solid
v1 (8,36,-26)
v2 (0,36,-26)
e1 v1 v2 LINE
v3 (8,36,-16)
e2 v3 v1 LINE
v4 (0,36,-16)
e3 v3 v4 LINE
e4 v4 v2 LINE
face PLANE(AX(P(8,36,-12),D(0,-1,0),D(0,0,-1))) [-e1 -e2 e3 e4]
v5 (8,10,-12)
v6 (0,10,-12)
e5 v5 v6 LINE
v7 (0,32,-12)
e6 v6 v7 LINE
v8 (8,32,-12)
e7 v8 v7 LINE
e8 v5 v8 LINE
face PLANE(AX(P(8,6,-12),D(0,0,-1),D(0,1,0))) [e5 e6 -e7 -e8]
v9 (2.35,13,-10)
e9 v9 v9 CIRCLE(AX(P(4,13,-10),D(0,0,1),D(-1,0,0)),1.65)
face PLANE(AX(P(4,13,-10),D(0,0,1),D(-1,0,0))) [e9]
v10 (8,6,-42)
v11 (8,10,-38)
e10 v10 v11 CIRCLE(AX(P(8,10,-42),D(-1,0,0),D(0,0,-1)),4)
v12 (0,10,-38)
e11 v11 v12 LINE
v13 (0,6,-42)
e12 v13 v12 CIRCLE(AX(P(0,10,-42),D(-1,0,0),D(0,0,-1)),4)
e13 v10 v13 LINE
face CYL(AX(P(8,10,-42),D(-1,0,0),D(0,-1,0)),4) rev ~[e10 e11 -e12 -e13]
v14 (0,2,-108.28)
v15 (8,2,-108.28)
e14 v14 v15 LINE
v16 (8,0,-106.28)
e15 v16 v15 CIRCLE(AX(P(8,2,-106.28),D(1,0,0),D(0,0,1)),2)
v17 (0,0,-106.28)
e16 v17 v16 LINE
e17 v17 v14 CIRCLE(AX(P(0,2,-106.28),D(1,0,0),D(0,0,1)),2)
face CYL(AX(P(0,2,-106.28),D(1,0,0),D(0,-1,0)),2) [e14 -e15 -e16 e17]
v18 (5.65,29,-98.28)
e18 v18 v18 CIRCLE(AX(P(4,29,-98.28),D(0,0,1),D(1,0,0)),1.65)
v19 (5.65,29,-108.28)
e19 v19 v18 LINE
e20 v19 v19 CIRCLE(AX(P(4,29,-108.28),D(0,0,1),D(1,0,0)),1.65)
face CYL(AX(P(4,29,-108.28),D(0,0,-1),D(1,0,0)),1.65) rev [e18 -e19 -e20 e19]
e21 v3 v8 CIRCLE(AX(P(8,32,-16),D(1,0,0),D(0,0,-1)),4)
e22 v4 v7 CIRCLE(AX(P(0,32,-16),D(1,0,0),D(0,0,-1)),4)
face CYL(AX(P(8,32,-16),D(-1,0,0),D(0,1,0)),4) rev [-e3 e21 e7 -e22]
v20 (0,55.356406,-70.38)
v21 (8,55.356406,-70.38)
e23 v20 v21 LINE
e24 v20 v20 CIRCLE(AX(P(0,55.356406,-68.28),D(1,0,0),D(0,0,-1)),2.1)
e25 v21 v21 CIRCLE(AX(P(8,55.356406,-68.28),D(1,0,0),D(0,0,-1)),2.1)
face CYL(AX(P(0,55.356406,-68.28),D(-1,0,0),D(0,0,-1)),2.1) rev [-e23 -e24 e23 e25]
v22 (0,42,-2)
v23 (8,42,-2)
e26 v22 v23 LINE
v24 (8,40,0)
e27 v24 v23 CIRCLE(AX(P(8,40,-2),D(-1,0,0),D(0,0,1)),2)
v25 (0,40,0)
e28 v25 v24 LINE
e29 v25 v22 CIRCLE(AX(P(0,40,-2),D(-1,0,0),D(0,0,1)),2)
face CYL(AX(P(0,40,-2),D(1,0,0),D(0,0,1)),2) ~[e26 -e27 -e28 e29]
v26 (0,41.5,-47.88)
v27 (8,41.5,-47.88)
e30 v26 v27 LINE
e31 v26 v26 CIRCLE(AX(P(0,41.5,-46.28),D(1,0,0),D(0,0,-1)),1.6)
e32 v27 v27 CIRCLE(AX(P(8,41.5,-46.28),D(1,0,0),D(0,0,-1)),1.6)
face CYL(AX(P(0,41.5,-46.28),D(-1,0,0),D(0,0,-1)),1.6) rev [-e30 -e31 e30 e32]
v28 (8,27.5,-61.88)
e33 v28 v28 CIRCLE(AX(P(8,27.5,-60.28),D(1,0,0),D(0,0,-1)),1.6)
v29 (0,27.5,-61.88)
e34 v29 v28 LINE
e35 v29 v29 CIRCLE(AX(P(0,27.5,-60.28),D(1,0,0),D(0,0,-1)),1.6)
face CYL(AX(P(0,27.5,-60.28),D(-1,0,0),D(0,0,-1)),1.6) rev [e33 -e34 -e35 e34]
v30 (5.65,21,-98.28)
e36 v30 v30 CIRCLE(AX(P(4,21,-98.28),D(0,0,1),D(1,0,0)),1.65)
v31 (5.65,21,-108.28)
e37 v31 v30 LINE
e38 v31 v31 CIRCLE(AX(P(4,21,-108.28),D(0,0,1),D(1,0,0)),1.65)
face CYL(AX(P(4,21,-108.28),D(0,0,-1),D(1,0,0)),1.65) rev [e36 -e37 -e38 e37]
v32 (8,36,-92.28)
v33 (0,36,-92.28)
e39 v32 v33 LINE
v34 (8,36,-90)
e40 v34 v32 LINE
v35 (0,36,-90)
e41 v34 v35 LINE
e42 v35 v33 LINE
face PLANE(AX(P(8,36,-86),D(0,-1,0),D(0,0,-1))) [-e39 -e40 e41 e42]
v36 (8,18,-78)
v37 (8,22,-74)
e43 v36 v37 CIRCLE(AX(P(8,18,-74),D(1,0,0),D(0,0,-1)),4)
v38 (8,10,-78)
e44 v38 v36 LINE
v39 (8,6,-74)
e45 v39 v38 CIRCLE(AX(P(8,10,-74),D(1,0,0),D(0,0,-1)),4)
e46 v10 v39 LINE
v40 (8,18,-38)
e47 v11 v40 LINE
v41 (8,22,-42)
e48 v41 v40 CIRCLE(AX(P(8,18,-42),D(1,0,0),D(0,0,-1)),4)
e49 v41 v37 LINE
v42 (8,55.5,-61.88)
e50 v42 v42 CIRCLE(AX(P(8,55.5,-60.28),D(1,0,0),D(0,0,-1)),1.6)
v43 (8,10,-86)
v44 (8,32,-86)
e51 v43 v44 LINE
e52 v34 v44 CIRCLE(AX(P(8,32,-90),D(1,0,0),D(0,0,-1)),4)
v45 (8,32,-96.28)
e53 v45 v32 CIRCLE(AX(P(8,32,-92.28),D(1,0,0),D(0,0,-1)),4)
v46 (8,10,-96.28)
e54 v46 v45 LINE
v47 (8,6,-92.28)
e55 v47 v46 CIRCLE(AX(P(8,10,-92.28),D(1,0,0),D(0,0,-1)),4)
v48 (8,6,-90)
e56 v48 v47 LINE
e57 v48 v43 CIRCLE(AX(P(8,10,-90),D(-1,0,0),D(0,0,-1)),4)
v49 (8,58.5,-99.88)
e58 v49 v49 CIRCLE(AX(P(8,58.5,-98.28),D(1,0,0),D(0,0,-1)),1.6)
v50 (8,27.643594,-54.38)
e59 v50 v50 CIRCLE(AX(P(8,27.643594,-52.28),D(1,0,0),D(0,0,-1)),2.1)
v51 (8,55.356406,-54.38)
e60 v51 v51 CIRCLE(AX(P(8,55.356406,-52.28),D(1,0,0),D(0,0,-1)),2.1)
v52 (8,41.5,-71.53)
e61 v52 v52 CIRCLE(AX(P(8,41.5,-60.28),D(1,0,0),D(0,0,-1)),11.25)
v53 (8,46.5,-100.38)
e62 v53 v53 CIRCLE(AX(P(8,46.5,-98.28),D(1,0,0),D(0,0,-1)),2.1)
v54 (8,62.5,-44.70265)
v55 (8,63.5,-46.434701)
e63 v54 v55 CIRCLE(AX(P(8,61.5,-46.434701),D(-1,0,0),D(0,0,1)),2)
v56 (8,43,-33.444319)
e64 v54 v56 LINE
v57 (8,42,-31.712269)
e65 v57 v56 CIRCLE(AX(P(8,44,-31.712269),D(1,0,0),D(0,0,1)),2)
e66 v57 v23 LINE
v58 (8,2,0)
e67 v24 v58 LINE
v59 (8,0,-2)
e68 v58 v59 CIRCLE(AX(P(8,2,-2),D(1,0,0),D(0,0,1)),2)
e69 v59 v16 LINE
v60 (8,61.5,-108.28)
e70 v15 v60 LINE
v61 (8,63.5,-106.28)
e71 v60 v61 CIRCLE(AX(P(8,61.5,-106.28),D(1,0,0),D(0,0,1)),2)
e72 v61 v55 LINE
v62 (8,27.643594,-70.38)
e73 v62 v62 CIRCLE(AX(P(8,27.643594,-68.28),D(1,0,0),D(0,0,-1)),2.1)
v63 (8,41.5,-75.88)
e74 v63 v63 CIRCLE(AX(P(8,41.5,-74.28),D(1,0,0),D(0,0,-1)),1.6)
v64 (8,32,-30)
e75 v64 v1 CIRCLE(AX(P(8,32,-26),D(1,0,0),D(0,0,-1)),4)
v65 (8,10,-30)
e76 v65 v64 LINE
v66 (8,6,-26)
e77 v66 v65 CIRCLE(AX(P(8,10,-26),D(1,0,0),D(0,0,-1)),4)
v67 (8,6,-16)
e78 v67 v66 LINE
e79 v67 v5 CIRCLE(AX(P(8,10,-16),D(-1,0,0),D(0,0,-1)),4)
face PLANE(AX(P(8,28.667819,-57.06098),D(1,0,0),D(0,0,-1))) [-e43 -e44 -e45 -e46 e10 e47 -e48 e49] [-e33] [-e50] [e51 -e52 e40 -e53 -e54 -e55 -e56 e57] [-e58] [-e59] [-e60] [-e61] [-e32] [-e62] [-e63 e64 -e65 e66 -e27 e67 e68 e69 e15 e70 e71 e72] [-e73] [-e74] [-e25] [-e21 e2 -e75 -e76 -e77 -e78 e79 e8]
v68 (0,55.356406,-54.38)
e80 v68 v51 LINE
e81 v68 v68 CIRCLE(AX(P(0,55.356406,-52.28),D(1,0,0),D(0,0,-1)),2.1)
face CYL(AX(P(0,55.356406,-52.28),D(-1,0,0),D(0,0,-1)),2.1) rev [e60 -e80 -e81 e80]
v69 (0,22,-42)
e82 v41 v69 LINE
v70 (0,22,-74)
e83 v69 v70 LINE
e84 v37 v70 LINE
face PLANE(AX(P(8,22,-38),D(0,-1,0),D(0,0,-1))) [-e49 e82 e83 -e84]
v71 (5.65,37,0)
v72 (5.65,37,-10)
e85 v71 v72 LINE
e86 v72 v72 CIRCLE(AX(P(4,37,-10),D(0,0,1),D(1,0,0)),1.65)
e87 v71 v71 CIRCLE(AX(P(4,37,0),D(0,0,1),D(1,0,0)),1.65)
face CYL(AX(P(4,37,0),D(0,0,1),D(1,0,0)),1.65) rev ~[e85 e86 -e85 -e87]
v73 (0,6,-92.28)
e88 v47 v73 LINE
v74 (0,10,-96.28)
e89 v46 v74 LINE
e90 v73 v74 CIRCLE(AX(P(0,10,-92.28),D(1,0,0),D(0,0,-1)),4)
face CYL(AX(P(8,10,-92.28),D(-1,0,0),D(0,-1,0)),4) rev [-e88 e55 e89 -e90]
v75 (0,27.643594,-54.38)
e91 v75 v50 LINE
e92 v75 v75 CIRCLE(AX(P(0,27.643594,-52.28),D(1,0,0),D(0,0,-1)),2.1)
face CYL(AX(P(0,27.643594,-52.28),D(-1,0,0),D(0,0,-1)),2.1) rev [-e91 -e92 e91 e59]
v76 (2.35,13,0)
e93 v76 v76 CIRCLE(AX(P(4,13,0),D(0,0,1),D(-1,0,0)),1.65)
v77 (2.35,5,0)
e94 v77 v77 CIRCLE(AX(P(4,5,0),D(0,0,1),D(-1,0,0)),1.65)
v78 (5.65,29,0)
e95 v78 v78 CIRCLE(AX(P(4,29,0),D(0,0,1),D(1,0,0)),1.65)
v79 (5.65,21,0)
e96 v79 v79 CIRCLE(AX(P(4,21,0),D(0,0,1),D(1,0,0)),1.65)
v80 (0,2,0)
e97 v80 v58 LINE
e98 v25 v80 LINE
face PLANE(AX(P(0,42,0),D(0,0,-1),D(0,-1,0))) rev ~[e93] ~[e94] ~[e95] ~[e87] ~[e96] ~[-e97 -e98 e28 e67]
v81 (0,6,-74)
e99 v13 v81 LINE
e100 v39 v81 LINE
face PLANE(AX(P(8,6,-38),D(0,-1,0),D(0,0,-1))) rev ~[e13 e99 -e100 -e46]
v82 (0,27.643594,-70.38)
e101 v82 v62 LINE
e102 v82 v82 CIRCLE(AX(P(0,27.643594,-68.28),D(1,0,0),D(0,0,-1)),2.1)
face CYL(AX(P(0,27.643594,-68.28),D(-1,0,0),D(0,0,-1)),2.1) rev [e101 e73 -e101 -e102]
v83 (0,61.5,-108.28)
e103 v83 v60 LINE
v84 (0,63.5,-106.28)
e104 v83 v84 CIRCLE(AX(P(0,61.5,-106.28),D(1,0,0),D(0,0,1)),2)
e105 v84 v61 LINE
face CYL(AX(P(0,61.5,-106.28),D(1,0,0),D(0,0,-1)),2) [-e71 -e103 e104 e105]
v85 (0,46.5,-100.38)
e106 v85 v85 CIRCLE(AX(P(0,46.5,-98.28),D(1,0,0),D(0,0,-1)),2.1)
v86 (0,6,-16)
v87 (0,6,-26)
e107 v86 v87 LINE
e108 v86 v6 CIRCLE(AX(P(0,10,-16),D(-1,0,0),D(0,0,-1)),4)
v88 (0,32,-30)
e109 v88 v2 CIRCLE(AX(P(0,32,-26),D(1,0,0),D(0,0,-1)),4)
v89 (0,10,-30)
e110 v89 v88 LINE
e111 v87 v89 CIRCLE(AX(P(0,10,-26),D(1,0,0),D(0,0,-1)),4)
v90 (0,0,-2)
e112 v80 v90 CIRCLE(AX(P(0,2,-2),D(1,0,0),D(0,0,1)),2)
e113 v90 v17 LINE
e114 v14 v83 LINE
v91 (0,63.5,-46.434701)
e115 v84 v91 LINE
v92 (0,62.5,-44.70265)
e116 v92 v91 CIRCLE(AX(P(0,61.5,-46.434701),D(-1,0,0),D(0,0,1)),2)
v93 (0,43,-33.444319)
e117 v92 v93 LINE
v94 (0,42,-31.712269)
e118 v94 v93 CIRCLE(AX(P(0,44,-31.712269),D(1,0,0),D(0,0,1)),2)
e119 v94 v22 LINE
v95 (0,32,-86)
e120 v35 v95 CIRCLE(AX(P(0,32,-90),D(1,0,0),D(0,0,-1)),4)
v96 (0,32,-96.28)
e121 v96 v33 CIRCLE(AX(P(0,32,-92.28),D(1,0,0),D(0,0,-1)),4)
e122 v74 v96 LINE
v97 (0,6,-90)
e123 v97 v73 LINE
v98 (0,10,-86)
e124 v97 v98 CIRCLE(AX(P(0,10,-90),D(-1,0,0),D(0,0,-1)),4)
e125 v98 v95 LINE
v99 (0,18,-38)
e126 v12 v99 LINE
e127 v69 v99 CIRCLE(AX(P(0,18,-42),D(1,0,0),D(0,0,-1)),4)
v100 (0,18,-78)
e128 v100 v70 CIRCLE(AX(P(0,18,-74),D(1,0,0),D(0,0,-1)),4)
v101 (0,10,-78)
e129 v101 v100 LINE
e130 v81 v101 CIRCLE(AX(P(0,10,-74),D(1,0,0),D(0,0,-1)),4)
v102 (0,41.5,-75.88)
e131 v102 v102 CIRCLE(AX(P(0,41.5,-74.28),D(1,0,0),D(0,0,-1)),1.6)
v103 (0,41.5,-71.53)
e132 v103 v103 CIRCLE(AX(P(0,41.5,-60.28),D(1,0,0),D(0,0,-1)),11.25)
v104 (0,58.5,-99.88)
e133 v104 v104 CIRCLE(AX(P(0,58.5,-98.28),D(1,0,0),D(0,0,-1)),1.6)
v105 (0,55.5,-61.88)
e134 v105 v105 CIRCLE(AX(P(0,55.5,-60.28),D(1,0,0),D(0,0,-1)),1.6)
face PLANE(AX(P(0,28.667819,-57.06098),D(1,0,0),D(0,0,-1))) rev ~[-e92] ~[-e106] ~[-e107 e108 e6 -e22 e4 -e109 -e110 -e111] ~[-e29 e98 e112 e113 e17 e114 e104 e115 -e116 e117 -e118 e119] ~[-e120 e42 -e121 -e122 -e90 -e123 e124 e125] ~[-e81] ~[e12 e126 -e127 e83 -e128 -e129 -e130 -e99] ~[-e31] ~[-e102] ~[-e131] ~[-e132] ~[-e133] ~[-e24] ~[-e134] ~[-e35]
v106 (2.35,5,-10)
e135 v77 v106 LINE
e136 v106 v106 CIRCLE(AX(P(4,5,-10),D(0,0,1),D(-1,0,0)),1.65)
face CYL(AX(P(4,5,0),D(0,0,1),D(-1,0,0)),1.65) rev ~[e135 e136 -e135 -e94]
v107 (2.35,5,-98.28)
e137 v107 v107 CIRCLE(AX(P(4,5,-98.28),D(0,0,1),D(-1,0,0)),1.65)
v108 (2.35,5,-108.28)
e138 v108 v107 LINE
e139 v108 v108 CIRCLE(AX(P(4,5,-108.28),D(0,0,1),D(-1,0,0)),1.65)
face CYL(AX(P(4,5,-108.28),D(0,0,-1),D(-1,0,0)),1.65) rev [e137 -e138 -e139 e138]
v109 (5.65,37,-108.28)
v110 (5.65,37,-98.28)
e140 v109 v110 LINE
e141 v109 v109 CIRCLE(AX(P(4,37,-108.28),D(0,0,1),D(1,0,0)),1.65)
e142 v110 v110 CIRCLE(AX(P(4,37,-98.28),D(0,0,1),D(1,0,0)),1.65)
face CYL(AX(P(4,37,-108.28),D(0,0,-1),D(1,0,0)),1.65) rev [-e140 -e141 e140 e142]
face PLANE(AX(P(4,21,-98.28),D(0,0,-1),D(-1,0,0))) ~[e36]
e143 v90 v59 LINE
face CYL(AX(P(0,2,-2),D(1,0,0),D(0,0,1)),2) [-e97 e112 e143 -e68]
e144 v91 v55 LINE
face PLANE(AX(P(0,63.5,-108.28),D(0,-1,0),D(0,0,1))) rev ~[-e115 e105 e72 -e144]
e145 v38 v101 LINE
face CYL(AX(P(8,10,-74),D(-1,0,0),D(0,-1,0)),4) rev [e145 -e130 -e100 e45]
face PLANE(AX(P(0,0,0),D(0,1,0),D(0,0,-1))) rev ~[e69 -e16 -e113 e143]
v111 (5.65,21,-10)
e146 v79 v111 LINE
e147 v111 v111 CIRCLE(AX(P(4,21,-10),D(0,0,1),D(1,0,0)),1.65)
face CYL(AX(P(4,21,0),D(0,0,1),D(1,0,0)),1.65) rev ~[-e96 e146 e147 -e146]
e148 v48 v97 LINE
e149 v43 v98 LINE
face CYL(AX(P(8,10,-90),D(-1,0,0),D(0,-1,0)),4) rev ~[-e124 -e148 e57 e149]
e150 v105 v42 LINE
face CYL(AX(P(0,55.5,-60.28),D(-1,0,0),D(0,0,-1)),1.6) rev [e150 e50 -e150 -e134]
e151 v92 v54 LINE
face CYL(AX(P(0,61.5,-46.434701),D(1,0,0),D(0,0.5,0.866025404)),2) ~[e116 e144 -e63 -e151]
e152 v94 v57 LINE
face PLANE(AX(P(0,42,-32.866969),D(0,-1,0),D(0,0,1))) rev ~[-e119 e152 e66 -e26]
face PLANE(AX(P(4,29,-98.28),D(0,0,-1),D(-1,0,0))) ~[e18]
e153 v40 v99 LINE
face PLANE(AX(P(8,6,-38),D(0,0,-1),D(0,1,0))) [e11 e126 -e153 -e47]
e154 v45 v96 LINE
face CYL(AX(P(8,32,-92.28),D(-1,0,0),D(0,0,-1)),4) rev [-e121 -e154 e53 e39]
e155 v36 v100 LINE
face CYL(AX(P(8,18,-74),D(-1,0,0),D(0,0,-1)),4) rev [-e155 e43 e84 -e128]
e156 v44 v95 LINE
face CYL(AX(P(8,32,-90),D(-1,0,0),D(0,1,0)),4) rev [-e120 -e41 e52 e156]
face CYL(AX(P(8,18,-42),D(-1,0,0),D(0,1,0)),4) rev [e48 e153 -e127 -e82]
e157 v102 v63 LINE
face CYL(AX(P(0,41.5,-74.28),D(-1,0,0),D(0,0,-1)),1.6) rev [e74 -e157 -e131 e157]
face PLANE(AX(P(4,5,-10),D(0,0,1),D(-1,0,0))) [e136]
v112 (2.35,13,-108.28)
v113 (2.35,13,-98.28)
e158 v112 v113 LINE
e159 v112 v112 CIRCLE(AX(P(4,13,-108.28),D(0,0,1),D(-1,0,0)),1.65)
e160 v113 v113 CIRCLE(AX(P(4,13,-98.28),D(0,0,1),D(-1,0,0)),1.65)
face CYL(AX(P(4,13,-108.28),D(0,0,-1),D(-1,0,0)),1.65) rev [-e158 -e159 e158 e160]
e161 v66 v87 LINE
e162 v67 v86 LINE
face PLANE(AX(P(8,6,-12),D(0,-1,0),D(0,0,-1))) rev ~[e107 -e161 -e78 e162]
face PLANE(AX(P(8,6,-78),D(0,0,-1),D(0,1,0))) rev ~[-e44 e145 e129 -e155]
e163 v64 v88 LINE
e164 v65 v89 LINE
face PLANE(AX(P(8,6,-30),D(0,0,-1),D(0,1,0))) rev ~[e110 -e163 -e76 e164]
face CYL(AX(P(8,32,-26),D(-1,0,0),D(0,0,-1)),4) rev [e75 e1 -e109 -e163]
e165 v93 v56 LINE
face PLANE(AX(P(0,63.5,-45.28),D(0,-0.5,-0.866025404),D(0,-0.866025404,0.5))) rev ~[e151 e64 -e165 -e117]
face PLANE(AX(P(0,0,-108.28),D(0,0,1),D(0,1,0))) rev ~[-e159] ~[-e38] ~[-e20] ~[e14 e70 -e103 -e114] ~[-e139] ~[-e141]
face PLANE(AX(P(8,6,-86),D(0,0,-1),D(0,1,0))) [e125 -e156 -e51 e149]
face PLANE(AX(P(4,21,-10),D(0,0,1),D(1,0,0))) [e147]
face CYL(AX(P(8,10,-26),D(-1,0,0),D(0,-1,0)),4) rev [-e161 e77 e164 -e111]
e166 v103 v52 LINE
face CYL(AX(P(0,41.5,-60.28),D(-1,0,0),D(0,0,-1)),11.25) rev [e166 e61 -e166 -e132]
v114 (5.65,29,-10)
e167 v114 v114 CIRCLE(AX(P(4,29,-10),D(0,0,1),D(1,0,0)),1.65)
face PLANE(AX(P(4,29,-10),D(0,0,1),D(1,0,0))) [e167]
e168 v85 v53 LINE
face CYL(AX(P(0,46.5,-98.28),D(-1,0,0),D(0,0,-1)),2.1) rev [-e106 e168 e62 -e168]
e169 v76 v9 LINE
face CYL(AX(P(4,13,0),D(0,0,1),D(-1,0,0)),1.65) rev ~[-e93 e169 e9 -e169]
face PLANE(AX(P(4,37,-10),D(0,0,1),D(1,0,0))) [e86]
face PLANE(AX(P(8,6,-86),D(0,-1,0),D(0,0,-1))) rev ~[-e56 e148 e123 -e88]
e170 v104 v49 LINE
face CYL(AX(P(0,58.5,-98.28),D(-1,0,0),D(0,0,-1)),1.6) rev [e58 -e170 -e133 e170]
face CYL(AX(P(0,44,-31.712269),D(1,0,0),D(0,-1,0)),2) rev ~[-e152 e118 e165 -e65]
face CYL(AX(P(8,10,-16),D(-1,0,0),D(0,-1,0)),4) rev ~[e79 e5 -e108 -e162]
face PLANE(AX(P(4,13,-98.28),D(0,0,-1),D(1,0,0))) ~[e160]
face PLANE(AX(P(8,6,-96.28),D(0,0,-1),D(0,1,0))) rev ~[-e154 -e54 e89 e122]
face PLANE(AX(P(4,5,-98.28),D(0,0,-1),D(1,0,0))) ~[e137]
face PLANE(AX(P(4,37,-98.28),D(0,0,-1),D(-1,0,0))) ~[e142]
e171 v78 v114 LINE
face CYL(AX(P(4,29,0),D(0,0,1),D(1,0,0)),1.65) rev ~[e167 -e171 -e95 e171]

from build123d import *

# Parameters (mm, degrees)
SKETCH_1_R          = 1.6
SKETCH_1_R_2        = 11.25
SKETCH_1_R_3        = 2.1
EXTRUDE_1_DEPTH     = 8
SKETCH_2_R          = 1.65
CUT_EXTRUDE_1_DEPTH = 10
SKETCH_3_W          = 18
SKETCH_3_H          = 30
SKETCH_3_W_2        = 40
SKETCH_3_H_2        = 16
SKETCH_3_W_3        = 10.28
CUT_EXTRUDE_2_DEPTH = 10
FILLET_1_R          = 4
FILLET_2_R          = 2


with BuildPart() as part:
    # 草图1 → 凸台-拉伸1 (new body)
    with BuildSketch(Plane(origin=(0, 0, 0), x_dir=(0, 0, -1), z_dir=(1, 0, 0))):
        Polygon((0, 42), (0, 0), (108.28, 0), (108.28, 63.5), (45.28, 63.5), (32.866969212, 42), align=None)
        with Locations((46.28, 41.5)):
            Circle(SKETCH_1_R, mode=Mode.SUBTRACT)
        with Locations((60.28, 41.5)):
            Circle(SKETCH_1_R_2, mode=Mode.SUBTRACT)
        with Locations((74.28, 41.5)):
            Circle(SKETCH_1_R, mode=Mode.SUBTRACT)
        with Locations((52.28, 27.643593539)):
            Circle(SKETCH_1_R_3, mode=Mode.SUBTRACT)
        with Locations((60.28, 27.5)):
            Circle(SKETCH_1_R, mode=Mode.SUBTRACT)
        with Locations((68.28, 27.643593539)):
            Circle(SKETCH_1_R_3, mode=Mode.SUBTRACT)
        with Locations((98.28, 46.5)):
            Circle(SKETCH_1_R_3, mode=Mode.SUBTRACT)
        with Locations((60.28, 55.5)):
            Circle(SKETCH_1_R, mode=Mode.SUBTRACT)
        with Locations((68.28, 55.356406461)):
            Circle(SKETCH_1_R_3, mode=Mode.SUBTRACT)
        with Locations((98.28, 58.5)):
            Circle(SKETCH_1_R, mode=Mode.SUBTRACT)
        with Locations((52.28, 55.356406461)):
            Circle(SKETCH_1_R_3, mode=Mode.SUBTRACT)
    extrude(amount=EXTRUDE_1_DEPTH)

    # 草图2 → 切除-拉伸1 (cut)
    with BuildSketch(Plane.XY):
        with Locations((4, 21)):
            Circle(SKETCH_2_R)
        with Locations((4, 29)):
            Circle(SKETCH_2_R)
        with Locations((4, 37)):
            Circle(SKETCH_2_R)
        with Locations(Location((4, 5, 0), (0, 0, 180))):
            Circle(SKETCH_2_R)
        with Locations(Location((4, 13, 0), (0, 0, 180))):
            Circle(SKETCH_2_R)
    cut_extrude_1 = extrude(amount=-CUT_EXTRUDE_1_DEPTH, mode=Mode.SUBTRACT)

    # 镜向1: 切除-拉伸1 across plane
    add(cut_extrude_1.mirror(Plane.XY.offset(-54.14)), mode=Mode.SUBTRACT)

    # 草图3 → 切除-拉伸2 (cut)
    with BuildSketch(Plane(origin=(8, 0, 0), x_dir=(0, 0, -1), z_dir=(1, 0, 0))):
        with Locations((21, 21)):
            Rectangle(SKETCH_3_W, SKETCH_3_H)
        with Locations((58, 14)):
            Rectangle(SKETCH_3_W_2, SKETCH_3_H_2)
        with Locations((91.14, 21)):
            Rectangle(SKETCH_3_W_3, SKETCH_3_H)
    extrude(amount=-CUT_EXTRUDE_2_DEPTH, mode=Mode.SUBTRACT)

    # 圆角1
    fillet_1_edges = [part.edges().sort_by_distance(p)[0] for p in [
        (4, 6, -12),
        (4, 36, -12),
        (4, 36, -30),
        (4, 6, -30),
        (4, 6, -38),
        (4, 22, -38),
        (4, 22, -78),
        (4, 6, -78),
        (4, 6, -86),
        (4, 36, -86),
        (4, 36, -96.28),
        (4, 6, -96.28),
    ]]
    fillet(fillet_1_edges, radius=FILLET_1_R)

    # 圆角2
    fillet_2_edges = [part.edges().sort_by_distance(p)[0] for p in [
        (4, 0, -108.28),
        (4, 0, 0),
        (4, 42, 0),
        (4, 42, -32.866969212),
        (4, 63.5, -45.28),
        (4, 63.5, -108.28),
    ]]
    fillet(fillet_2_edges, radius=FILLET_2_R)


solid = part.part
